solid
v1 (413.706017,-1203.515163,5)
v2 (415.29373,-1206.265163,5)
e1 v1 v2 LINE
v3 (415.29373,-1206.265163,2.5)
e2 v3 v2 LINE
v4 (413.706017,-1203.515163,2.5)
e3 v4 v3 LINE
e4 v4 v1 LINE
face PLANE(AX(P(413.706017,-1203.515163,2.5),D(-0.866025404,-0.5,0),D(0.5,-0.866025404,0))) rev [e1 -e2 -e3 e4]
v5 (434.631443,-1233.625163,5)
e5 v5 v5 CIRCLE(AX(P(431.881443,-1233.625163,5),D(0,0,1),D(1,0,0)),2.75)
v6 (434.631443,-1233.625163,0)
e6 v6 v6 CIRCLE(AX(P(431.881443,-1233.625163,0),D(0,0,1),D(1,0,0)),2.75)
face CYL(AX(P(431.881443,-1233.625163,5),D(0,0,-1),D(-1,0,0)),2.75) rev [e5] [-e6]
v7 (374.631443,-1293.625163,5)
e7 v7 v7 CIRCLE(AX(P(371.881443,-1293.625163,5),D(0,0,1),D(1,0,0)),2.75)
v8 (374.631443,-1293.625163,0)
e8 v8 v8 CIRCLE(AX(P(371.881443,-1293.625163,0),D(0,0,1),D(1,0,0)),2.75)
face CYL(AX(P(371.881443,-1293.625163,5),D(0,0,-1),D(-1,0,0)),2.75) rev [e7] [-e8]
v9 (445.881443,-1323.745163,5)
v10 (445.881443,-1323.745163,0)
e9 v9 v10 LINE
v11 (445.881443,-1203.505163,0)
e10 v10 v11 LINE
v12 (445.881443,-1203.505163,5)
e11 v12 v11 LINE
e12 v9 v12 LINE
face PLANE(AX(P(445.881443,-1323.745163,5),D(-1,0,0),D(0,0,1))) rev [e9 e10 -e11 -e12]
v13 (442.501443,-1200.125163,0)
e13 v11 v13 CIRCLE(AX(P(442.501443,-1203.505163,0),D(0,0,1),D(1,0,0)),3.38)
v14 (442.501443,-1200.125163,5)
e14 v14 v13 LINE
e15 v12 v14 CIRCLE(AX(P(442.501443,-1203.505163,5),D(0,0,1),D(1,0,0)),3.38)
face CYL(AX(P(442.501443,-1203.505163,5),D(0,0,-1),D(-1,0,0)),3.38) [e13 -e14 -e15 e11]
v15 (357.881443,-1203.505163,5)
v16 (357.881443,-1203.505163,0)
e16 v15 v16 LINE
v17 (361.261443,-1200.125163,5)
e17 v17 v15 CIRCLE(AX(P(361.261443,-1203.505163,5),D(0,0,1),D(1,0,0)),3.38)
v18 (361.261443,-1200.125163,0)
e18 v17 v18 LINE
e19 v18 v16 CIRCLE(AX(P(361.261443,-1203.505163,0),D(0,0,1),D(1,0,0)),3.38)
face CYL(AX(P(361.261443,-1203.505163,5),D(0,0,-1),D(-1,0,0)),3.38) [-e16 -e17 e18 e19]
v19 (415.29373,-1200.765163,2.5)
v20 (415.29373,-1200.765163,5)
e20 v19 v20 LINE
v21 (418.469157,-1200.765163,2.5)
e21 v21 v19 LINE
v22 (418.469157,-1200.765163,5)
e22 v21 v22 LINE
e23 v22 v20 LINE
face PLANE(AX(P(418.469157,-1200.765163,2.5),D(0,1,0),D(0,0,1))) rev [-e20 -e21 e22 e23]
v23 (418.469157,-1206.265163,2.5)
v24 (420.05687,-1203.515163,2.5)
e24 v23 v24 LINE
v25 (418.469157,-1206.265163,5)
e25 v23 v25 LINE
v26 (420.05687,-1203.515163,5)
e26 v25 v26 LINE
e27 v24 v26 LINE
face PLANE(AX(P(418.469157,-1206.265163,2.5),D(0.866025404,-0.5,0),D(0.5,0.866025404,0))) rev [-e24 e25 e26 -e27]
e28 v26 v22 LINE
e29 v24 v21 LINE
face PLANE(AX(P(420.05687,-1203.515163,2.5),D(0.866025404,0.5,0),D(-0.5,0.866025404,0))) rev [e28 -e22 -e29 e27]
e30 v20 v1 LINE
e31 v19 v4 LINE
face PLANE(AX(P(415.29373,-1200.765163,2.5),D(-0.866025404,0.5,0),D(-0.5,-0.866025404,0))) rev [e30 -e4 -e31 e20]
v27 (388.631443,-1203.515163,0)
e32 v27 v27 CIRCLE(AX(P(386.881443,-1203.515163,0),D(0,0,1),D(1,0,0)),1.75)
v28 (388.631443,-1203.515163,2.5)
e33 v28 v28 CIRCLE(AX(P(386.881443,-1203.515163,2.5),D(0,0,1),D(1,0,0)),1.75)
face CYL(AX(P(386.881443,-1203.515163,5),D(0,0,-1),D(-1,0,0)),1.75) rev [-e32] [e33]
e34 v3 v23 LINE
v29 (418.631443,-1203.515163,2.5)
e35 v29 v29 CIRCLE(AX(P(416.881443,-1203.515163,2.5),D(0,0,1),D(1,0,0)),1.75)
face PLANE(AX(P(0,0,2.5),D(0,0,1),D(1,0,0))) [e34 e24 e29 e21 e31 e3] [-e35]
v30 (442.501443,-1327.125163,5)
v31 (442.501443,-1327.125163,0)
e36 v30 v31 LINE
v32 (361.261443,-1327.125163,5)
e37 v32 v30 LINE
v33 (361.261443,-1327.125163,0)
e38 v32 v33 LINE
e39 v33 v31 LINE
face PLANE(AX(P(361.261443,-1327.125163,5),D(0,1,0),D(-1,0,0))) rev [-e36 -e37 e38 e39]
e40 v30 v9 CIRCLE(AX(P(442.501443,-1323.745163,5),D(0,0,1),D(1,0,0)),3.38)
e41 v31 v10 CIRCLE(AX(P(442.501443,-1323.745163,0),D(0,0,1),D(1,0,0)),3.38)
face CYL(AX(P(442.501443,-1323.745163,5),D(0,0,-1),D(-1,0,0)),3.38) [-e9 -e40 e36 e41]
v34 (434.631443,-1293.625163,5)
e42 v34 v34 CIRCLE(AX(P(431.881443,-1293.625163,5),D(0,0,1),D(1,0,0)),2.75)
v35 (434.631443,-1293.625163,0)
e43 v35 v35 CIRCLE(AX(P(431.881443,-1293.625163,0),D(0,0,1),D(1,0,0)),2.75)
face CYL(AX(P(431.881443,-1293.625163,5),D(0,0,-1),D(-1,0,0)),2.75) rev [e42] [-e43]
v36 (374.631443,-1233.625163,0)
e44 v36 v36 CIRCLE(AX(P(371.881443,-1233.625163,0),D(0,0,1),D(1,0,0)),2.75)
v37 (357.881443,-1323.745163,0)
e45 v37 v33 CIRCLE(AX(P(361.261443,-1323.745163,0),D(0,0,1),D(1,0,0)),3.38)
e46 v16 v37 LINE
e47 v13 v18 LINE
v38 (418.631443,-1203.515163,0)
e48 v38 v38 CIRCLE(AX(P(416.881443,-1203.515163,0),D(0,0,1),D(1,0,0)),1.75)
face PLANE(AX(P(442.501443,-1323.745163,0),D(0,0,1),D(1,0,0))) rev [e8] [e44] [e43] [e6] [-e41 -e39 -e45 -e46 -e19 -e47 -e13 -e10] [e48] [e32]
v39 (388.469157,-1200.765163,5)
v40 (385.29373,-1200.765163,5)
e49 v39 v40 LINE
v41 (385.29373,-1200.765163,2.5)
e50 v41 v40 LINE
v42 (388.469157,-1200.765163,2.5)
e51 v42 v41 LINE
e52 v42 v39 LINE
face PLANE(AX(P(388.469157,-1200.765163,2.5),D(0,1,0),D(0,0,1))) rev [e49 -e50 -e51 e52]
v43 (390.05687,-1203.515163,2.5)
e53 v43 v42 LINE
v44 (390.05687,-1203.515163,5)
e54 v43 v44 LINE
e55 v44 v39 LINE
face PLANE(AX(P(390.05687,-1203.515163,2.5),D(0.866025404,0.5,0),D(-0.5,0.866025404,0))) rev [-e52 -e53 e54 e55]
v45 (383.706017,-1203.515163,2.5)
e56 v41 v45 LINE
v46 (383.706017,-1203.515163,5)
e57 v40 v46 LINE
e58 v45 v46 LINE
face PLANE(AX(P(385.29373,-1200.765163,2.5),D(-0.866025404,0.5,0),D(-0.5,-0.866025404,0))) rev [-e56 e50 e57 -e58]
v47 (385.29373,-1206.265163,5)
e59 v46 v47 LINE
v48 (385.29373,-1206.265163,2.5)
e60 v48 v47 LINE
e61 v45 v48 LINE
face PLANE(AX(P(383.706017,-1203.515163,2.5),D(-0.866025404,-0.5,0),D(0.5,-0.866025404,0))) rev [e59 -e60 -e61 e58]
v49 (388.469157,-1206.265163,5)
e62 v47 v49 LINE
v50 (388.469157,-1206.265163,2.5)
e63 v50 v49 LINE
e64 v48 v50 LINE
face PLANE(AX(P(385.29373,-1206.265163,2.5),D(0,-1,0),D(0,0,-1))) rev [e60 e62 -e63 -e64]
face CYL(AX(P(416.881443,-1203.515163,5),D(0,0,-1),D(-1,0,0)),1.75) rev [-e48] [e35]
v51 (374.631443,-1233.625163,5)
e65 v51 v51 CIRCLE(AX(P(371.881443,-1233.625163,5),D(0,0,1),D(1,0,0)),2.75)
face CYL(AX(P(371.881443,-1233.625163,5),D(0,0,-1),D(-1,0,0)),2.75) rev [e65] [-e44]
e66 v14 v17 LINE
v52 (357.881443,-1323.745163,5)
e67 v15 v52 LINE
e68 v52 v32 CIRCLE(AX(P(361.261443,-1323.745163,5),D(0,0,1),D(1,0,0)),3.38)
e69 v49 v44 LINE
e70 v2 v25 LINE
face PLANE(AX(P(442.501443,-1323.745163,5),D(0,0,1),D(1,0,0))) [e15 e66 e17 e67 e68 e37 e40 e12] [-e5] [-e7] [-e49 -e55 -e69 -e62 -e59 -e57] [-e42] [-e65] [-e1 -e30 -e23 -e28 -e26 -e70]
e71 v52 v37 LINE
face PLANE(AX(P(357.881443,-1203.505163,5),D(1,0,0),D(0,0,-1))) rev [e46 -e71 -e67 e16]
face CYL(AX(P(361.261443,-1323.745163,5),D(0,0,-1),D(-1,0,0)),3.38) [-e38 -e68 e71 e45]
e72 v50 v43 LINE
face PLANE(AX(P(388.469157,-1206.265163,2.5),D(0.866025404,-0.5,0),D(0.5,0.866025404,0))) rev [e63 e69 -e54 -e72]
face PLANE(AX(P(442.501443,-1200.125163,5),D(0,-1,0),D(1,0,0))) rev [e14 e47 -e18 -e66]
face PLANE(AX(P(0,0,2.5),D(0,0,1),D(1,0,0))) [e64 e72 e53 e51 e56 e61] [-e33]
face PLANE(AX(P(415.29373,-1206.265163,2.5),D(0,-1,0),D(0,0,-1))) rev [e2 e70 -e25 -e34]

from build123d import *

# Parameters (mm, degrees)
SKETCH1_R           = 2.75
SKETCH1_R_2         = 1.75
BOSS_EXTRUDE1_DEPTH = 5
CUT_EXTRUDE1_DEPTH  = 2.5


with BuildPart() as part:
    # Sketch1 → Boss-Extrude1 (new body)
    with BuildSketch(Plane.XY):
        with BuildLine():
            Line((445.881443411, -1323.745162979), (445.881443411, -1203.505162979))
            ThreePointArc((445.881443411, -1203.505162979), (444.891464332, -1201.115142059), (442.501443411, -1200.125162979))
            Line((442.501443411, -1200.125162979), (361.261443411, -1200.125162979))
            ThreePointArc((361.261443411, -1200.125162979), (358.871422491, -1201.115142059), (357.881443411, -1203.505162979))
            Line((357.881443411, -1203.505162979), (357.881443411, -1323.745162979))
            ThreePointArc((357.881443411, -1323.745162979), (358.871422491, -1326.1351839), (361.261443411, -1327.125162979))
            Line((361.261443411, -1327.125162979), (442.501443411, -1327.125162979))
            ThreePointArc((442.501443411, -1327.125162979), (444.891464332, -1326.1351839), (445.881443411, -1323.745162979))
        make_face()
        with Locations((371.881443411, -1233.625162979)):
            Circle(SKETCH1_R, mode=Mode.SUBTRACT)
        with Locations((431.881443411, -1233.625162979)):
            Circle(SKETCH1_R, mode=Mode.SUBTRACT)
        with Locations((371.881443411, -1293.625162979)):
            Circle(SKETCH1_R, mode=Mode.SUBTRACT)
        with Locations((431.881443411, -1293.625162979)):
            Circle(SKETCH1_R, mode=Mode.SUBTRACT)
        with Locations((386.881443411, -1203.515162979)):
            Circle(SKETCH1_R_2, mode=Mode.SUBTRACT)
        with Locations((416.881443411, -1203.515162979)):
            Circle(SKETCH1_R_2, mode=Mode.SUBTRACT)
    extrude(amount=BOSS_EXTRUDE1_DEPTH)

    # Sketch2 → Cut-Extrude1 (cut)
    with BuildSketch(Plane.XY.offset(5)):
        Polygon((388.469156651, -1200.765162979), (385.293730171, -1200.765162979), (383.706016931, -1203.515162979), (385.293730171, -1206.265162979), (388.469156651, -1206.265162979), (390.056869892, -1203.515162979), align=None)
        Polygon((418.469156651, -1200.765162979), (415.293730171, -1200.765162979), (413.706016931, -1203.515162979), (415.293730171, -1206.265162979), (418.469156651, -1206.265162979), (420.056869892, -1203.515162979), align=None)
    extrude(amount=-CUT_EXTRUDE1_DEPTH, mode=Mode.SUBTRACT)


solid = part.part
